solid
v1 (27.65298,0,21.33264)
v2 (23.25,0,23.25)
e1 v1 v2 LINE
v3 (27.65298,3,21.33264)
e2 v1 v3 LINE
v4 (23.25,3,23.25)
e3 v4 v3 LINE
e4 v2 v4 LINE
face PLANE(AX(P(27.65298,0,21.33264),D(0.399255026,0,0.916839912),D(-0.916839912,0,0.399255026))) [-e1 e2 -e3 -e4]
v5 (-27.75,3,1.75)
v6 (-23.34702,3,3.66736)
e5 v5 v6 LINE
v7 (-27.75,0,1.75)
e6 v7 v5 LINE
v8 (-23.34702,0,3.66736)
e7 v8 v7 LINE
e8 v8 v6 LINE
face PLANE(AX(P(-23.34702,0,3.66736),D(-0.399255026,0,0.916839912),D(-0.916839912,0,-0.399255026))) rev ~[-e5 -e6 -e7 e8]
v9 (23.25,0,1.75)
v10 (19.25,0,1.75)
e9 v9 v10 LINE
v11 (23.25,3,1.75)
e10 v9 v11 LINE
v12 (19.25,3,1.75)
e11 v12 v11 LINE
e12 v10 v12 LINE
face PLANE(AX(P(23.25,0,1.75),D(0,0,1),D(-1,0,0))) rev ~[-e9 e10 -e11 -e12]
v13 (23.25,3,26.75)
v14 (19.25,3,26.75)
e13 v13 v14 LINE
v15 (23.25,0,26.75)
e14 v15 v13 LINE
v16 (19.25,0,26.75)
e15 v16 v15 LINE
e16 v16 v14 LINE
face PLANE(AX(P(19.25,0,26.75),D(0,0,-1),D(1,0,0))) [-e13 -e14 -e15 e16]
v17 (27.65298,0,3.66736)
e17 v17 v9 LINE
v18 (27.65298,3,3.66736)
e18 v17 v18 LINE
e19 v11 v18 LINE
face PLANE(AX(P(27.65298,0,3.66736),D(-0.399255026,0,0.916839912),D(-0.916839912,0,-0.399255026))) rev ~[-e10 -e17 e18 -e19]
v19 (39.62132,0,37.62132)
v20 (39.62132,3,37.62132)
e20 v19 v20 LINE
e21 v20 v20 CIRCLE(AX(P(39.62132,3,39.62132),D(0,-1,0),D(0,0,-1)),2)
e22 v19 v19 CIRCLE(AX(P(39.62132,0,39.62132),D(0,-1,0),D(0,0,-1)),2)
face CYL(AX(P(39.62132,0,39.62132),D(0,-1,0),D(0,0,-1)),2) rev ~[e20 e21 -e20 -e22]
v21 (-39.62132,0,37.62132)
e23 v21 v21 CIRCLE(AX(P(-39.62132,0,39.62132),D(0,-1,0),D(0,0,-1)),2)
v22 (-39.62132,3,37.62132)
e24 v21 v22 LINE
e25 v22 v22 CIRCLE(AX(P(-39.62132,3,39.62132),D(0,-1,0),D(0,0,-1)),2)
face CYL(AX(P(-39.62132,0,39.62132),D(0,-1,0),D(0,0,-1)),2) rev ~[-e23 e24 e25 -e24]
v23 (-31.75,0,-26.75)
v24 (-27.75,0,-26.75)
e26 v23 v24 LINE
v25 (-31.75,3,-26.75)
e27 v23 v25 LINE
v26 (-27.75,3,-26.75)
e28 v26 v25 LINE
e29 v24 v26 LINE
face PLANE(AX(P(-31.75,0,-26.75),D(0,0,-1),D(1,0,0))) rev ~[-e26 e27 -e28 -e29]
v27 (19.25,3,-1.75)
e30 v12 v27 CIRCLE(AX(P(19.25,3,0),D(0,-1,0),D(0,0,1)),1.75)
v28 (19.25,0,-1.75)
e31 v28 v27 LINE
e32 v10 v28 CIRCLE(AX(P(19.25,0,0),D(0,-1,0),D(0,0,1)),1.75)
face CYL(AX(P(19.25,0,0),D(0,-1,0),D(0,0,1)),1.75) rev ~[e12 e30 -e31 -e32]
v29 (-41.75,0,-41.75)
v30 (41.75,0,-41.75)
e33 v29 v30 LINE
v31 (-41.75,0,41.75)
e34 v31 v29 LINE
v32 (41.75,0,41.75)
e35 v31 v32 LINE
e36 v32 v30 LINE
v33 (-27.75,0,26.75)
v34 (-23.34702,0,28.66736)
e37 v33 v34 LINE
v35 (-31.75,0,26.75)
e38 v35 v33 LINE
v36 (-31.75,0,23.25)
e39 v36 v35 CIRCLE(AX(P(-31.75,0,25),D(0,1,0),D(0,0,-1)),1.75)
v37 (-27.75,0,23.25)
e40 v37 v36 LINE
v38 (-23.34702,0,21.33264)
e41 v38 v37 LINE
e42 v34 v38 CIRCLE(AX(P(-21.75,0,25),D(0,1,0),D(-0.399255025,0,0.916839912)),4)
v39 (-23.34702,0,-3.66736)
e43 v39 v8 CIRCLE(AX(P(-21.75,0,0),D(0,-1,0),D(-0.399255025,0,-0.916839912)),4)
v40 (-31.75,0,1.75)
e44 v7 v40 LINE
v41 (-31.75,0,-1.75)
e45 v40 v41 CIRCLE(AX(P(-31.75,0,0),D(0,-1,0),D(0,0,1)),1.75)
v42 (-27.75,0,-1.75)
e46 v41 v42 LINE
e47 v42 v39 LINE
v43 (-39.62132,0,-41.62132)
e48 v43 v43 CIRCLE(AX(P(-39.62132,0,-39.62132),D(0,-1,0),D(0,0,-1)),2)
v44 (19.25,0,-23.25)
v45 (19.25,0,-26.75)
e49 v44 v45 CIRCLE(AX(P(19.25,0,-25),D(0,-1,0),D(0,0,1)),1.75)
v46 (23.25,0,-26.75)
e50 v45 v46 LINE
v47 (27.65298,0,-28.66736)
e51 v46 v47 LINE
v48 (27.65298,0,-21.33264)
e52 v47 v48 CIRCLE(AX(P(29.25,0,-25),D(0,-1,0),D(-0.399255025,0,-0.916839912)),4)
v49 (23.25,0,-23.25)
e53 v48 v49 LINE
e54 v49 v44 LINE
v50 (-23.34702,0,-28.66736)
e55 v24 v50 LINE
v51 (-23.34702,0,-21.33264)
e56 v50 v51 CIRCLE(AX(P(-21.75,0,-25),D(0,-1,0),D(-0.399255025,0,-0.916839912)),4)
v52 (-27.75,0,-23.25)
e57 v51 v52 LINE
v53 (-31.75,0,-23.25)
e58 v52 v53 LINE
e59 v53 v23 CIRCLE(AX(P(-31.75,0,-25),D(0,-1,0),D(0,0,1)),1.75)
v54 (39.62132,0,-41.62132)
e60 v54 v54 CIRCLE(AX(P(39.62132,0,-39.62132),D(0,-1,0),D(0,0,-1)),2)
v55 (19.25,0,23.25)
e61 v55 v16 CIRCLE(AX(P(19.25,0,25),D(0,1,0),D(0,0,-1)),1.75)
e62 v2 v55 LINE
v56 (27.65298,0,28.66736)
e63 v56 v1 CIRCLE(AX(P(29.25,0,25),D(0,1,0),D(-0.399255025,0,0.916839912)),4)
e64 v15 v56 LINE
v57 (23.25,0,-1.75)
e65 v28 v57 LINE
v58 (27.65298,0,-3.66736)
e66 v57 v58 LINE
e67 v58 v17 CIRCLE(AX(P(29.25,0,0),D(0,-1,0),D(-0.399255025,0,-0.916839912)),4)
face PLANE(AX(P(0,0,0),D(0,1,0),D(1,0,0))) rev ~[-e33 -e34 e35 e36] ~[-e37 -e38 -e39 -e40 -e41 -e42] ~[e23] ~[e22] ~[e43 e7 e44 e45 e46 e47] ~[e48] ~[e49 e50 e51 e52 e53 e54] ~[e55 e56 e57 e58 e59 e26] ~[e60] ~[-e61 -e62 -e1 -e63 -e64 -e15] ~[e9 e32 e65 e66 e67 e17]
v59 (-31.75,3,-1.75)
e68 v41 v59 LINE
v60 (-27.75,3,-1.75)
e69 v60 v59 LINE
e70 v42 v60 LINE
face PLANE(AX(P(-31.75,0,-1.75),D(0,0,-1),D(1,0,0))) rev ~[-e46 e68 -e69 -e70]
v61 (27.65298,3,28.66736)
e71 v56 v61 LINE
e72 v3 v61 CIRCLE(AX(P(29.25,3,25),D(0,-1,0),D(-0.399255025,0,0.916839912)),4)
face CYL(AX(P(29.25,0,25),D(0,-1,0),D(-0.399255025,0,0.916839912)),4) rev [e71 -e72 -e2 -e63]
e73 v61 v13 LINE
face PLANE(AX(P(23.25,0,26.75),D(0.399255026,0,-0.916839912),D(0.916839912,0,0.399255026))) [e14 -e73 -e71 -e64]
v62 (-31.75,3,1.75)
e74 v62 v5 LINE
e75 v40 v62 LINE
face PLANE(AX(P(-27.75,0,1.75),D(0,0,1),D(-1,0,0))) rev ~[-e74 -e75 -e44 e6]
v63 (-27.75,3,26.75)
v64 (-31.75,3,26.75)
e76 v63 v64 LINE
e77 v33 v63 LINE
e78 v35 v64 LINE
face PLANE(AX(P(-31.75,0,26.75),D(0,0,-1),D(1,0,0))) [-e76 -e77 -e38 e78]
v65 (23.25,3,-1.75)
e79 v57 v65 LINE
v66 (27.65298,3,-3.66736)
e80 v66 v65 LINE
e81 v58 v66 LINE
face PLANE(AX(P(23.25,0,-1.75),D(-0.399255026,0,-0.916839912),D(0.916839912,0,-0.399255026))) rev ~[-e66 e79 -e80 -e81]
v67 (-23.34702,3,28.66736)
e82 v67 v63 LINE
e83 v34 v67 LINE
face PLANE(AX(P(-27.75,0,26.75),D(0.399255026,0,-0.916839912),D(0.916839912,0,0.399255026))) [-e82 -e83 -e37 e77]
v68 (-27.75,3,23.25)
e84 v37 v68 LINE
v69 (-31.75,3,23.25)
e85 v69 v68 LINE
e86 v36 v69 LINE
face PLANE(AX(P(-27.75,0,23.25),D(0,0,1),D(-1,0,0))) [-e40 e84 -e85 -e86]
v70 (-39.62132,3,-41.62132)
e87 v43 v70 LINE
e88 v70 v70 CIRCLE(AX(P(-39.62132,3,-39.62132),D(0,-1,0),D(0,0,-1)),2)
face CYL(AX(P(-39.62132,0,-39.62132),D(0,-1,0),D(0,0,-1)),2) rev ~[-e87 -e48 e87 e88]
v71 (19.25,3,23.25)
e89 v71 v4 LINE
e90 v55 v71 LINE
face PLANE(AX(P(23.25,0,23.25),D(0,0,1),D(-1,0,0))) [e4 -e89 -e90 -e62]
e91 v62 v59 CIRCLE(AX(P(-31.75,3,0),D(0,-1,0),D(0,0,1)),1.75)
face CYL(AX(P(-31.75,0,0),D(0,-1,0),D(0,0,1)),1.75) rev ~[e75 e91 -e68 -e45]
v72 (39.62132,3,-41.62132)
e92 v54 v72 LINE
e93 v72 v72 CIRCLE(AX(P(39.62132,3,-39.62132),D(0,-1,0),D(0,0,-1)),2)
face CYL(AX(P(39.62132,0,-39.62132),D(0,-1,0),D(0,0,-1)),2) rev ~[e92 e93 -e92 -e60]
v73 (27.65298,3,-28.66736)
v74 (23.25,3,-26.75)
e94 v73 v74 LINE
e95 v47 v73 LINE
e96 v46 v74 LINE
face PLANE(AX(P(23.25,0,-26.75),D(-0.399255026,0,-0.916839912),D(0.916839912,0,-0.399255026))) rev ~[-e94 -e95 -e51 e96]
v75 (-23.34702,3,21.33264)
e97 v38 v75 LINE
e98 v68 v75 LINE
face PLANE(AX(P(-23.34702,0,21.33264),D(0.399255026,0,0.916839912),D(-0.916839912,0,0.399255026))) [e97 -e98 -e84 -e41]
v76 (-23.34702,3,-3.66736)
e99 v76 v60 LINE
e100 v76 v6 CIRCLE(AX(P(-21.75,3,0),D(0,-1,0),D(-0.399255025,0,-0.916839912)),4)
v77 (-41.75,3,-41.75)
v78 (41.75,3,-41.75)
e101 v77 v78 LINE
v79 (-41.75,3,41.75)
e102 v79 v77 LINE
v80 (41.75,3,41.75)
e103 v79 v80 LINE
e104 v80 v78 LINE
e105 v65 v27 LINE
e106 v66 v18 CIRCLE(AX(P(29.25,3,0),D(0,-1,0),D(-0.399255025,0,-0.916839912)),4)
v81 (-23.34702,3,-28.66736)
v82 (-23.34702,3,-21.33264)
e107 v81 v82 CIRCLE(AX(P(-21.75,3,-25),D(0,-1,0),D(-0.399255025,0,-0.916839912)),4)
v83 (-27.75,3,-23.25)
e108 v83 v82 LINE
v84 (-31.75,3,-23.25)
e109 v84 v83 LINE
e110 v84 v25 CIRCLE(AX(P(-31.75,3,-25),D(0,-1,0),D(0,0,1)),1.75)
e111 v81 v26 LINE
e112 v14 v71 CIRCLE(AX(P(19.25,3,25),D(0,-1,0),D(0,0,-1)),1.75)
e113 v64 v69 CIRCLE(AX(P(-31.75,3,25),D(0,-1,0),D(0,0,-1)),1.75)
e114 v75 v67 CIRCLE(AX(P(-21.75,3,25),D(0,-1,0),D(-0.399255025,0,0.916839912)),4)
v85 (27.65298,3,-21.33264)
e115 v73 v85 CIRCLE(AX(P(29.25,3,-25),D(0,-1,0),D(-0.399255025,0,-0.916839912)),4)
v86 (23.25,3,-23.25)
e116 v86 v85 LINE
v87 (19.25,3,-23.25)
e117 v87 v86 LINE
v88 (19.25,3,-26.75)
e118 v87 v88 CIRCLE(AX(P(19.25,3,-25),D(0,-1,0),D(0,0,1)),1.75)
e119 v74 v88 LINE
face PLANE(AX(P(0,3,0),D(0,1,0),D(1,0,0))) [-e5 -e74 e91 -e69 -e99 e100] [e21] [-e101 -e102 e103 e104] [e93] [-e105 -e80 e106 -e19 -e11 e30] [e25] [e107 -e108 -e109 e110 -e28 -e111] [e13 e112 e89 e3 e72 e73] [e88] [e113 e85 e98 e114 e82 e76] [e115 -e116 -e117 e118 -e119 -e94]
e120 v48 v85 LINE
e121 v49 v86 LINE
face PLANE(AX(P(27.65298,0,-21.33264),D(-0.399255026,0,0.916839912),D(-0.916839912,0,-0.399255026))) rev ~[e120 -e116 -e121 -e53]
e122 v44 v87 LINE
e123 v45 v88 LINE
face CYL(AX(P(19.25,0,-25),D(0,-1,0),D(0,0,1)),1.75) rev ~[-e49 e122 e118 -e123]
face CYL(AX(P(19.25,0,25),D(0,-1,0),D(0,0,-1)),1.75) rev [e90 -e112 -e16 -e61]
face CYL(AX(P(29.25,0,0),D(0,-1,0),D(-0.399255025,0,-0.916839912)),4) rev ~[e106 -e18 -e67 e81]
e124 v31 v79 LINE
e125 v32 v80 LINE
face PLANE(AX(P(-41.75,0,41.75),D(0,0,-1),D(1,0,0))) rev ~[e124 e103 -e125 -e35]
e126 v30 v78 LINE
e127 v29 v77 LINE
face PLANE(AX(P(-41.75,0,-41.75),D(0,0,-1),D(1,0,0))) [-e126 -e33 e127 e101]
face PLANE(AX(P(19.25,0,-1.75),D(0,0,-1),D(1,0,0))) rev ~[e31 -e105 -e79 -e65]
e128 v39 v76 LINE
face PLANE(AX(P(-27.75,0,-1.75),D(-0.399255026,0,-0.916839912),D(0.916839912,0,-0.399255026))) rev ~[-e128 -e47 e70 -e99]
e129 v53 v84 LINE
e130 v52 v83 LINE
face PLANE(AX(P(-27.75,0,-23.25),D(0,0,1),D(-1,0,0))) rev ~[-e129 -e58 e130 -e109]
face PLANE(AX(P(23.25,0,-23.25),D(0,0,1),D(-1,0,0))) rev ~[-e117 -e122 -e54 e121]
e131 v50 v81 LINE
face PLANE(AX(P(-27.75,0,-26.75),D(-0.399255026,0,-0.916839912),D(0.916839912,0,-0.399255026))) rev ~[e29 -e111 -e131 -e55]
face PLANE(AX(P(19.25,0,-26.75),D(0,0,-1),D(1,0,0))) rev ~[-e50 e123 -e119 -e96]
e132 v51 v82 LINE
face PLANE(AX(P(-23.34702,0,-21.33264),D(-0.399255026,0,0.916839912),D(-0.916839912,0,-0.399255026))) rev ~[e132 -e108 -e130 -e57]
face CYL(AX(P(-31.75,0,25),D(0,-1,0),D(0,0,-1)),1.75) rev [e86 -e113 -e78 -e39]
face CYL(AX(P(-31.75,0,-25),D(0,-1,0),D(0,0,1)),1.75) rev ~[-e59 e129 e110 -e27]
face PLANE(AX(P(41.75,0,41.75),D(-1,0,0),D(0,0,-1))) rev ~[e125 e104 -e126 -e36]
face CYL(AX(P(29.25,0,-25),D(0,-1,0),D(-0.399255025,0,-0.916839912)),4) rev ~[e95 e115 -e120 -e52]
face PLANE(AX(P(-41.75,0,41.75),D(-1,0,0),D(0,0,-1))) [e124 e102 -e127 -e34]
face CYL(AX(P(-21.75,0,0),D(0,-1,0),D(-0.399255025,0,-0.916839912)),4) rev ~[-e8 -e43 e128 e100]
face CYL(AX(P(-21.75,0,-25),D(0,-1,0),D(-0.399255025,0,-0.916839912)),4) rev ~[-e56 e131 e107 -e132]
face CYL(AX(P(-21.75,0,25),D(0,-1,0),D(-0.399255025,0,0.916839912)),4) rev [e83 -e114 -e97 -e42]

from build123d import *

# Parameters (mm, degrees)
SCHIZZO1_W                   = 83.5
SCHIZZO1_H                   = 83.5
ESTRUSIONE_ESTRUSIONE1_DEPTH = 3
SCHIZZO2_R                   = 2
TAGLIO_ESTRUSIONE1_DEPTH     = 3
TAGLIO_ESTRUSIONE2_DEPTH     = 60.119582204
RIPETIZIONE_A_L1_COUNT       = 2
RIPETIZIONE_A_L1_PITCH       = 51
RIPETIZIONE_A_L1_COUNT_DIR2  = 2
RIPETIZIONE_A_L1_PITCH_DIR2  = 25
SPECCHIA1_COPY_1_DEPTH       = 60.119582204
SPECCHIA1_COPY_2_DEPTH       = 60.119582204
SPECCHIA1_COPY_3_DEPTH       = 60.119582204
SPECCHIA1_COPY_4_DEPTH       = 60.119582204


with BuildPart() as part:
    # Schizzo1 → Estrusione-Estrusione1 (new body)
    with BuildSketch(Plane(origin=(0, 0, 0), x_dir=(1, 0, 0), z_dir=(0, 1, 0))):
        Rectangle(SCHIZZO1_W, SCHIZZO1_H)
    extrude(amount=ESTRUSIONE_ESTRUSIONE1_DEPTH)

    # Schizzo2 → Taglio-Estrusione1 (cut)
    with BuildSketch(Plane(origin=(0, 0, 0), x_dir=(-1, 0, 0), z_dir=(0, -1, 0))):
        with Locations(Location((39.621320344, 39.621320344, 0), (0, 0, 90))):
            Circle(SCHIZZO2_R)
        with Locations(Location((39.621320344, -39.621320344, 0), (0, 0, 90))):
            Circle(SCHIZZO2_R)
        with Locations(Location((-39.621320344, 39.621320344, 0), (0, 0, 90))):
            Circle(SCHIZZO2_R)
        with Locations(Location((-39.621320344, -39.621320344, 0), (0, 0, 90))):
            Circle(SCHIZZO2_R)
    extrude(amount=-TAGLIO_ESTRUSIONE1_DEPTH, mode=Mode.SUBTRACT)

    # Schizzo4 → Taglio-Estrusione2 (cut, through all)
    with BuildSketch(Plane.XZ):
        with BuildLine():
            Line((-27.75, 1.75), (-31.75, 1.75))
            ThreePointArc((-31.75, 1.75), (-33.5, 0), (-31.75, -1.75))
            Line((-31.75, -1.75), (-27.75, -1.75))
            Line((-27.75, -1.75), (-23.347020102, -3.667359649))
            ThreePointArc((-23.347020102, -3.667359649), (-17.75, 0), (-23.347020102, 3.667359649))
            Line((-23.347020102, 3.667359649), (-27.75, 1.75))
        make_face()
    taglio_estrusione2 = extrude(amount=-TAGLIO_ESTRUSIONE2_DEPTH, mode=Mode.SUBTRACT)

    # Ripetizione a L1: Taglio-Estrusione2 2 × 2
    with Locations(*[(i * RIPETIZIONE_A_L1_PITCH, 0, -j * RIPETIZIONE_A_L1_PITCH_DIR2) for i in range(RIPETIZIONE_A_L1_COUNT) for j in range(RIPETIZIONE_A_L1_COUNT_DIR2) if (i, j) != (0, 0)]):
        add(taglio_estrusione2, mode=Mode.SUBTRACT)

    # Specchia1 copy 1 sketch → Specchia1 copy 1 (cut, through all)
    with BuildSketch(Plane(origin=(0, 0, 25), x_dir=(1, 0, 0), z_dir=(0, -1, 0))):
        with BuildLine():
            Line((-27.75, -1.75), (-31.75, -1.75))
            ThreePointArc((-31.75, -1.75), (-33.5, 0), (-31.75, 1.75))
            Line((-31.75, 1.75), (-27.75, 1.75))
            Line((-27.75, 1.75), (-23.347020102, 3.667359649))
            ThreePointArc((-23.347020102, 3.667359649), (-17.75, 0), (-23.347020102, -3.667359649))
            Line((-23.347020102, -3.667359649), (-27.75, -1.75))
        make_face()
    extrude(amount=-SPECCHIA1_COPY_1_DEPTH, mode=Mode.SUBTRACT)

    # Specchia1 copy 2 sketch → Specchia1 copy 2 (cut, through all)
    with BuildSketch(Plane(origin=(51, 0, 0), x_dir=(1, 0, 0), z_dir=(0, -1, 0))):
        with BuildLine():
            Line((-27.75, -1.75), (-31.75, -1.75))
            ThreePointArc((-31.75, -1.75), (-33.5, 0), (-31.75, 1.75))
            Line((-31.75, 1.75), (-27.75, 1.75))
            Line((-27.75, 1.75), (-23.347020102, 3.667359649))
            ThreePointArc((-23.347020102, 3.667359649), (-17.75, 0), (-23.347020102, -3.667359649))
            Line((-23.347020102, -3.667359649), (-27.75, -1.75))
        make_face()
    extrude(amount=-SPECCHIA1_COPY_2_DEPTH, mode=Mode.SUBTRACT)

    # Specchia1 copy 3 sketch → Specchia1 copy 3 (cut, through all)
    with BuildSketch(Plane(origin=(51, 0, 25), x_dir=(1, 0, 0), z_dir=(0, -1, 0))):
        with BuildLine():
            Line((-27.75, -1.75), (-31.75, -1.75))
            ThreePointArc((-31.75, -1.75), (-33.5, 0), (-31.75, 1.75))
            Line((-31.75, 1.75), (-27.75, 1.75))
            Line((-27.75, 1.75), (-23.347020102, 3.667359649))
            ThreePointArc((-23.347020102, 3.667359649), (-17.75, 0), (-23.347020102, -3.667359649))
            Line((-23.347020102, -3.667359649), (-27.75, -1.75))
        make_face()
    extrude(amount=-SPECCHIA1_COPY_3_DEPTH, mode=Mode.SUBTRACT)

    # Specchia1 copy 4 sketch → Specchia1 copy 4 (cut, through all)
    with BuildSketch(Plane.XZ):
        with BuildLine():
            Line((-27.75, -1.75), (-31.75, -1.75))
            ThreePointArc((-31.75, -1.75), (-33.5, 0), (-31.75, 1.75))
            Line((-31.75, 1.75), (-27.75, 1.75))
            Line((-27.75, 1.75), (-23.347020102, 3.667359649))
            ThreePointArc((-23.347020102, 3.667359649), (-17.75, 0), (-23.347020102, -3.667359649))
            Line((-23.347020102, -3.667359649), (-27.75, -1.75))
        make_face()
    extrude(amount=-SPECCHIA1_COPY_4_DEPTH, mode=Mode.SUBTRACT)


solid = part.part
